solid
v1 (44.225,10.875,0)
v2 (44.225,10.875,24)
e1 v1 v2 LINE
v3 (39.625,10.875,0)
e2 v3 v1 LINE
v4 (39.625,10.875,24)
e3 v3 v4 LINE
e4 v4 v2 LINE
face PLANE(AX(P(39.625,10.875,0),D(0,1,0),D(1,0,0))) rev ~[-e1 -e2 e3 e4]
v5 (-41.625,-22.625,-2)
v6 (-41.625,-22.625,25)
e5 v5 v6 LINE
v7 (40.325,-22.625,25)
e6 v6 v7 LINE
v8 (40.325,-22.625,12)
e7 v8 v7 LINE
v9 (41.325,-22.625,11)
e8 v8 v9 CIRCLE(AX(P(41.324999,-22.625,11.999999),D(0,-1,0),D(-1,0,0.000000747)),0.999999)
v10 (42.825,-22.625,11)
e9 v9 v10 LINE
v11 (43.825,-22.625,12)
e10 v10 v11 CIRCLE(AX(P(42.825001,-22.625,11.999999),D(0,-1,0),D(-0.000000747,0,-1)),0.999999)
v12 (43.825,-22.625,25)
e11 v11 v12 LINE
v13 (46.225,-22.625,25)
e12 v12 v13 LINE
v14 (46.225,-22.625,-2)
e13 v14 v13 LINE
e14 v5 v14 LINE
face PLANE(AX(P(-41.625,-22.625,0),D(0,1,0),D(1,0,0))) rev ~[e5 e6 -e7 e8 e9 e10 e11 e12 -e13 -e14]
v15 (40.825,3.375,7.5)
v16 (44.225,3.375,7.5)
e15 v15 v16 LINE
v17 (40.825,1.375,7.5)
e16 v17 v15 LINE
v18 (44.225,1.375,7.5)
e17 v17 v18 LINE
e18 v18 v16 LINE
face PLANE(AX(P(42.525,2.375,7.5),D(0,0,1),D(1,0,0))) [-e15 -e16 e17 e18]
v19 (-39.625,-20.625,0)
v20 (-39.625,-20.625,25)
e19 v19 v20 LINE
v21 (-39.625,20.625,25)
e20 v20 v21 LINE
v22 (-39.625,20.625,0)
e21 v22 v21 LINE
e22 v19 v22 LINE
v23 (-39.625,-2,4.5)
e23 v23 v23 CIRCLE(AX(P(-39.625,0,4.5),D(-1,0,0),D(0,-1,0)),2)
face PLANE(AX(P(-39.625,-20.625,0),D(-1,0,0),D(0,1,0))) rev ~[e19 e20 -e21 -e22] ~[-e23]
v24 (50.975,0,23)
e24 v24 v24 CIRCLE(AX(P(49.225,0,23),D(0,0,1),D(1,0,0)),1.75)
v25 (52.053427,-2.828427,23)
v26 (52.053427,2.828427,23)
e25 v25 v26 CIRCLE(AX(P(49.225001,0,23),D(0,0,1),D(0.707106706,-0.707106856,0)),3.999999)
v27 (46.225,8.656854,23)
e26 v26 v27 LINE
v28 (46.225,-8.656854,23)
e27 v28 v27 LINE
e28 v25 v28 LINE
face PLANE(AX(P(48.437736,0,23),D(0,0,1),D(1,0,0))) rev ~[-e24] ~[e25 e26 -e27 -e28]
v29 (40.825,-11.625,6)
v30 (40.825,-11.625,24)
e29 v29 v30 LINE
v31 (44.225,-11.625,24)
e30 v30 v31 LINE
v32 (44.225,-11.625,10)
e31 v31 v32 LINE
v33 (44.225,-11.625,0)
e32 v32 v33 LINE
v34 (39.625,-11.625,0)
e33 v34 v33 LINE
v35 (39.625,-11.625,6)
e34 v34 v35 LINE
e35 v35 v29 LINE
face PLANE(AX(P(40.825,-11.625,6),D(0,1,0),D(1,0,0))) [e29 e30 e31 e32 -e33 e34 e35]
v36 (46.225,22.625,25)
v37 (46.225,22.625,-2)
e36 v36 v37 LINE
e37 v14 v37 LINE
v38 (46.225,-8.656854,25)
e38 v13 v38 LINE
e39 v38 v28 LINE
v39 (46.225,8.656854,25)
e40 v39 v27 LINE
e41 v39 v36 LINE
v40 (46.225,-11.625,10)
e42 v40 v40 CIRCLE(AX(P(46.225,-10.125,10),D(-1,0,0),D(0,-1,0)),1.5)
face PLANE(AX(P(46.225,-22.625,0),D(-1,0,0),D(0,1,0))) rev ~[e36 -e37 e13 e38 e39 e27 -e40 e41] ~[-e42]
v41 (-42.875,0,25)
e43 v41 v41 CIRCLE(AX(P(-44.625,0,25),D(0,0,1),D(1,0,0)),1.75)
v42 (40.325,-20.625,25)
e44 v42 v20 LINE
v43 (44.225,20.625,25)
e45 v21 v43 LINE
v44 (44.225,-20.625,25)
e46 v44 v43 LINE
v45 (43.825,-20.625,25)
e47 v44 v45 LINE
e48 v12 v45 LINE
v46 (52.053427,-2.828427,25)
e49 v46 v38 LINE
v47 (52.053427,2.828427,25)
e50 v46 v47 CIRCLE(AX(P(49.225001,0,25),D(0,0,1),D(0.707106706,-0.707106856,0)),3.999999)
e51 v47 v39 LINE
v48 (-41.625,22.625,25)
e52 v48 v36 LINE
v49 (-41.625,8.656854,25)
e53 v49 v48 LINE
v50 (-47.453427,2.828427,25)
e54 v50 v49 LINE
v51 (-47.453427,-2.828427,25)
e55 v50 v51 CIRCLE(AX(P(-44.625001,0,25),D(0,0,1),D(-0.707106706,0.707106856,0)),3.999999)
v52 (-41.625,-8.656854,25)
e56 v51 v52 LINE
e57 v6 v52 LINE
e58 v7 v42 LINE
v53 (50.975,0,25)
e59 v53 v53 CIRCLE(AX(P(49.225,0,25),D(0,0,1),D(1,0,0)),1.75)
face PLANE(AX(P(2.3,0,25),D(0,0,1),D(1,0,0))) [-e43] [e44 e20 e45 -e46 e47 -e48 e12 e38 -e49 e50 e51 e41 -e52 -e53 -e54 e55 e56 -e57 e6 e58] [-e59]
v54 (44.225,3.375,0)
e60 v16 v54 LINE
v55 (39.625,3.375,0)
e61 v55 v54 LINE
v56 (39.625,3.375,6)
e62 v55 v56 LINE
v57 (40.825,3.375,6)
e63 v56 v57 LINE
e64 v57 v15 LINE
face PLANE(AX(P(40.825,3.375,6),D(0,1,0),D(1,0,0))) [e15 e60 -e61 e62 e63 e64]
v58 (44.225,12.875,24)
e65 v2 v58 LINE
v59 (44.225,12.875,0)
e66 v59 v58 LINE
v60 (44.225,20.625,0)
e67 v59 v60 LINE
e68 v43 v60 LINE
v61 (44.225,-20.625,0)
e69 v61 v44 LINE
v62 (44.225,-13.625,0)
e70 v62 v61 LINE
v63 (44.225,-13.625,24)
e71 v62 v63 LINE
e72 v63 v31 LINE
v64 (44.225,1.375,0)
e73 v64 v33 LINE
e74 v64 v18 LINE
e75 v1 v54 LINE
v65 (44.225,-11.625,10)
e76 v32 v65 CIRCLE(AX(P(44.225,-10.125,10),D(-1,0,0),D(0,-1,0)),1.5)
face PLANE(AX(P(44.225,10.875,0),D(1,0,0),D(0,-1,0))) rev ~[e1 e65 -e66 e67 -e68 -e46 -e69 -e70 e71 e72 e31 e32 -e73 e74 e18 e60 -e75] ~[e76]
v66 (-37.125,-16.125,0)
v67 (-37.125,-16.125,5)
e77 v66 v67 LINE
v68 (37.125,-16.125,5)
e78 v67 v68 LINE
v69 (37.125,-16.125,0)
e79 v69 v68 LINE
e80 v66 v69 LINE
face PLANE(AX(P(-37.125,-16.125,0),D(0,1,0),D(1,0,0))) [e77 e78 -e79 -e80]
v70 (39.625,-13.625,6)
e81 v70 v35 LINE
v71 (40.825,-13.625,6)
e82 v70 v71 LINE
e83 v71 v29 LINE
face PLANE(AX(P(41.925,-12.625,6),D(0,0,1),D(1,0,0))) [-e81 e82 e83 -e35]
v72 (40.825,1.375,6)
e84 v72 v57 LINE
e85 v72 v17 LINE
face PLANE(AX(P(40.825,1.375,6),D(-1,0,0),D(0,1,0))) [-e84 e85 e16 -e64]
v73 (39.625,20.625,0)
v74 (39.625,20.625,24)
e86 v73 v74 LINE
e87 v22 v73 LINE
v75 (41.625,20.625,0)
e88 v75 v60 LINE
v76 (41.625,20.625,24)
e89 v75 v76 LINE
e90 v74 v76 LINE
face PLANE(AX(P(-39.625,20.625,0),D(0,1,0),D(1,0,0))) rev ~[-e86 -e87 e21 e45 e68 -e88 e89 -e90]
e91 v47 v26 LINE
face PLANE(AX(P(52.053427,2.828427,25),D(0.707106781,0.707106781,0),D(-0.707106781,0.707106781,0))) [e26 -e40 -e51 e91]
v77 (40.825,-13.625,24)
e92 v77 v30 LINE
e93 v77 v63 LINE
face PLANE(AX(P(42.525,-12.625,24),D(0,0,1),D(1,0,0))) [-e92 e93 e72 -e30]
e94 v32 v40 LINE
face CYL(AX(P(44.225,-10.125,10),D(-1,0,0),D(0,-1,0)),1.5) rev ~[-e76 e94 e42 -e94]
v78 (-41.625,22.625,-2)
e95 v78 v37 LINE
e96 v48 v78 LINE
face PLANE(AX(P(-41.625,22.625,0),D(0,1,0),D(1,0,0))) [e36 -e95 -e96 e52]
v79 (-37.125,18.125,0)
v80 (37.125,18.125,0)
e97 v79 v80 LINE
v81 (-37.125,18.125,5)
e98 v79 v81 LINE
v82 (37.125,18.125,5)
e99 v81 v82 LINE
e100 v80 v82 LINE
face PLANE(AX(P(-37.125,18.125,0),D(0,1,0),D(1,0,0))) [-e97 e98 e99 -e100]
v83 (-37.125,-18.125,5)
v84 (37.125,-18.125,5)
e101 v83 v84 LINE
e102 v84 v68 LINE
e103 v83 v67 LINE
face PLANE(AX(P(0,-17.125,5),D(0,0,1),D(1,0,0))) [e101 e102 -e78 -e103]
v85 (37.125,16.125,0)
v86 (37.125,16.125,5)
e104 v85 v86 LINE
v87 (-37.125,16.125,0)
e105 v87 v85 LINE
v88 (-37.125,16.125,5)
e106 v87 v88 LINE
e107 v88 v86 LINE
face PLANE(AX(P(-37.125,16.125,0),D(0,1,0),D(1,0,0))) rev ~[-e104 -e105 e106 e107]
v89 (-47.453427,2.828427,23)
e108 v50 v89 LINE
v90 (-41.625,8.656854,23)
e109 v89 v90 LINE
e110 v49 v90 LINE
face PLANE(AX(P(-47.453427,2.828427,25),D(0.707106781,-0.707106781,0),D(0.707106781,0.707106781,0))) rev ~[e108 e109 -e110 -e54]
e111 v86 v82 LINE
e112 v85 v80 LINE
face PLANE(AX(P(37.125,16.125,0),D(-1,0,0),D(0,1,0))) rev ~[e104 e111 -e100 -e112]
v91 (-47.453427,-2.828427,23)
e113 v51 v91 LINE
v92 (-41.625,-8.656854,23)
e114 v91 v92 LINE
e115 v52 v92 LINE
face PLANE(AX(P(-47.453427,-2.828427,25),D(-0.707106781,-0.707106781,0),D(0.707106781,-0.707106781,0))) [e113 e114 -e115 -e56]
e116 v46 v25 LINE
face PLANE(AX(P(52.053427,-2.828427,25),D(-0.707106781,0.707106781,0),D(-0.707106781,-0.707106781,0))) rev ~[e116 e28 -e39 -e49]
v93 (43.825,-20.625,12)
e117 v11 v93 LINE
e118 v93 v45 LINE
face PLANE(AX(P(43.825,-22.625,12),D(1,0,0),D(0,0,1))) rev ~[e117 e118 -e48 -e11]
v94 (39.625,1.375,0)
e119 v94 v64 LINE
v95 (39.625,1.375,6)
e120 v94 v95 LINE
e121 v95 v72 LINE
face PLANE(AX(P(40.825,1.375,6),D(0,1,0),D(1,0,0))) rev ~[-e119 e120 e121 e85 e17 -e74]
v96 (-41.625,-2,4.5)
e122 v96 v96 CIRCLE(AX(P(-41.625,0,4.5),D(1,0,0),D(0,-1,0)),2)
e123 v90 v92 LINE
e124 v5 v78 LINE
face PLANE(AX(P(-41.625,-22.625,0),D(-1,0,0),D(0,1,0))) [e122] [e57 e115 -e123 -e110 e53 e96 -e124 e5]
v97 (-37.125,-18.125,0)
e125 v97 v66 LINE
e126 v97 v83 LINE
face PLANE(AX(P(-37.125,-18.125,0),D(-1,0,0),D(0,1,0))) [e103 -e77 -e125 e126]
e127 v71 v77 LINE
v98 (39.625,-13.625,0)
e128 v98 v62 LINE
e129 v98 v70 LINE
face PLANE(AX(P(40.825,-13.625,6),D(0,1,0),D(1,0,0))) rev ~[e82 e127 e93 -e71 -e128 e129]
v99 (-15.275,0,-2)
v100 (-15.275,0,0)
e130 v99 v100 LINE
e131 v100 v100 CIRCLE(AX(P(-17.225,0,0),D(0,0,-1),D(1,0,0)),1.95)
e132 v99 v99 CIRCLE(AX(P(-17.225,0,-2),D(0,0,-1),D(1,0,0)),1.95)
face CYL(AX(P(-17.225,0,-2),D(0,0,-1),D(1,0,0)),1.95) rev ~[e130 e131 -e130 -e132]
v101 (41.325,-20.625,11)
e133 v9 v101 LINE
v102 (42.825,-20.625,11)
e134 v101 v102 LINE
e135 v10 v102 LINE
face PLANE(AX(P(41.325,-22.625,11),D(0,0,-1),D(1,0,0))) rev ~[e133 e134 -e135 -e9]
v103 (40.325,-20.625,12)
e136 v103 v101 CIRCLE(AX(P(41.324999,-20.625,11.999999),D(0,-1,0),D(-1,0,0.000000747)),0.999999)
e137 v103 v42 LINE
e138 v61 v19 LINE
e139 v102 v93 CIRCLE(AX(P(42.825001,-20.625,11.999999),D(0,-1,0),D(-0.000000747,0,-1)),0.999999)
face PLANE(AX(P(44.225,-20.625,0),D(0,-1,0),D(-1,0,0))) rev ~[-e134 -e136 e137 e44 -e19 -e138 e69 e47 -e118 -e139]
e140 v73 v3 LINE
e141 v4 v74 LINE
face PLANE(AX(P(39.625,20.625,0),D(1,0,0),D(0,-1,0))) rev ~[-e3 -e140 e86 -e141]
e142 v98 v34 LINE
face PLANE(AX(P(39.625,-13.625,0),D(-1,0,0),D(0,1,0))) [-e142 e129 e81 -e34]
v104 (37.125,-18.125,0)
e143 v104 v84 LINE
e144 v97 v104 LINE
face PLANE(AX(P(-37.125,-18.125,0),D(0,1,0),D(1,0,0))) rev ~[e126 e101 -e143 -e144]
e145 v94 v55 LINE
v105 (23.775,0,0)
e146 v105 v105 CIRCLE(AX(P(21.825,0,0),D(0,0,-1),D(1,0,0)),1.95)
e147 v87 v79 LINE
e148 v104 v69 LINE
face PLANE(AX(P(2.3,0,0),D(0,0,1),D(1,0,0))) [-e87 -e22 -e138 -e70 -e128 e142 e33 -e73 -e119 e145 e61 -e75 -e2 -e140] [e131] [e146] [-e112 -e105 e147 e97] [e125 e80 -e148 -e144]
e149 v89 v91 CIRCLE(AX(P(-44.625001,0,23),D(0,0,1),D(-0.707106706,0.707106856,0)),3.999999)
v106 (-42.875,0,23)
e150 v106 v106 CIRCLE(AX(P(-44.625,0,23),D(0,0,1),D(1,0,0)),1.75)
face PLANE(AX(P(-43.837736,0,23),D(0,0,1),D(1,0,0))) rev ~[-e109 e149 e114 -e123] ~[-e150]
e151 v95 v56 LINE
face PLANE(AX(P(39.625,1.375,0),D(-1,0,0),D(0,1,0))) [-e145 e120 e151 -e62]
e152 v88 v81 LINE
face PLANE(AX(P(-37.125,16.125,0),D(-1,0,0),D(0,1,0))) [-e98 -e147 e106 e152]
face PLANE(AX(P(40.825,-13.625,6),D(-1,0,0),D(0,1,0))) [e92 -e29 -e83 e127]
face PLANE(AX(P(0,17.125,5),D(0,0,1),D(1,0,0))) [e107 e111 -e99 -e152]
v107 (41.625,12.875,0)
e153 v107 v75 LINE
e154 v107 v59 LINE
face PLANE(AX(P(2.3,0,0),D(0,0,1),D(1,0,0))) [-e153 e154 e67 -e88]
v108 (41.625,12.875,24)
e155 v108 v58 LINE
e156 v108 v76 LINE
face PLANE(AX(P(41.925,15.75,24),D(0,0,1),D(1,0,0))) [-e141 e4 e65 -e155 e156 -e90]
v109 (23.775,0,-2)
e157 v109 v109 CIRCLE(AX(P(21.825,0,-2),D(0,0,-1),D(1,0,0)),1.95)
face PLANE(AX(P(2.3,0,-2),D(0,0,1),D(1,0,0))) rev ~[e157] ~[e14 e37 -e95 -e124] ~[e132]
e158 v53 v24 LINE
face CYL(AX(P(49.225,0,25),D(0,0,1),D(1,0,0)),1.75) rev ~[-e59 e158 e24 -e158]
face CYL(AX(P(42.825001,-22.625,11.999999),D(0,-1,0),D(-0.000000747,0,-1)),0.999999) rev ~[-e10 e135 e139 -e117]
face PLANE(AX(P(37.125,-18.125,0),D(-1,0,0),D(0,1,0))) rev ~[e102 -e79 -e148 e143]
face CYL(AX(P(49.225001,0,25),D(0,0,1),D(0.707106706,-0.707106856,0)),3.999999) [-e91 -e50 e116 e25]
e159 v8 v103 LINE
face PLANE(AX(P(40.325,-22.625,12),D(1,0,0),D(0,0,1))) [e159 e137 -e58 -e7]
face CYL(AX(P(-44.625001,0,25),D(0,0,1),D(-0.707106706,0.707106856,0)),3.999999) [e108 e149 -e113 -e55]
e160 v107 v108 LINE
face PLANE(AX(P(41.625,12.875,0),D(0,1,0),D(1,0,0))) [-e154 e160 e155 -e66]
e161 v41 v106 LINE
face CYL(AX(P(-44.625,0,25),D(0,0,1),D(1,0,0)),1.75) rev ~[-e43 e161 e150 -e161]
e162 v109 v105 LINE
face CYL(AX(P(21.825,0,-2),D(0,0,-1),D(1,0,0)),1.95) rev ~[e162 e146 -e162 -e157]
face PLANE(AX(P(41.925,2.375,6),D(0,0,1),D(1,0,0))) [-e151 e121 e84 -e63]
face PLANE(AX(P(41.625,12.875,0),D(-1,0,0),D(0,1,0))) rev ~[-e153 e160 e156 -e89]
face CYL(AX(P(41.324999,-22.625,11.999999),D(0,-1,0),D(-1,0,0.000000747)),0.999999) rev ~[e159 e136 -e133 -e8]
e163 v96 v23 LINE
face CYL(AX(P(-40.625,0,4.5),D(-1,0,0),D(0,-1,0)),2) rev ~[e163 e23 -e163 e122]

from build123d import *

# Parameters (mm, degrees)
SKETCH006_W          = 87.85
SKETCH006_H          = 45.25
PAD_DEPTH            = 2
SKETCH007_W          = 74.25
SKETCH007_H          = 2
PAD001_DEPTH         = 5
SKETCH008_W          = 87.85
SKETCH008_H          = 45.25
SKETCH008_W_2        = 2.6
SKETCH008_H_2        = 7.75
PAD002_DEPTH         = 25
SKETCH009_W          = 4.6
SKETCH009_H          = 2
PAD003_DEPTH         = 6
SKETCH010_W          = 3.4
SKETCH010_H          = 2
PAD004_DEPTH         = 18
SKETCH011_W          = 3.4
SKETCH011_H          = 2
PAD005_DEPTH         = 1.5
SKETCH013_W          = 4.6
SKETCH013_H          = 9.75
POCKET001_DEPTH      = 1
SKETCH016_R          = 2
POCKET003_DEPTH      = 2
POCKET003_DEPTH_BACK = 5
POCKET004_DEPTH      = 2
SKETCH044_R          = 1.75
PAD031_DEPTH         = 2
SKETCH070_R          = 1.95
POCKET_DEPTH         = 2
SKETCH086_R          = 1.5
POCKET019_DEPTH      = 2


with BuildPart() as part:
    # Sketch006 → Pad (new body)
    with BuildSketch(Plane.XY):
        with Locations((2.3, 0)):
            Rectangle(SKETCH006_W, SKETCH006_H)
    extrude(amount=PAD_DEPTH)

    # Sketch007 (on Face6 of Pad) → Pad001 (join)
    with BuildSketch(Plane.XY.offset(2)):
        with Locations((0, 17.125)):
            Rectangle(SKETCH007_W, SKETCH007_H)
        with Locations((0, -17.125)):
            Rectangle(SKETCH007_W, SKETCH007_H)
    extrude(amount=PAD001_DEPTH)

    # Sketch008 (on Face5 of Pad001) → Pad002 (join)
    with BuildSketch(Plane.XY.offset(2)):
        with Locations((2.3, 0)):
            Rectangle(SKETCH008_W, SKETCH008_H)
        Polygon((-39.625, 20.625), (39.625, 20.625), (39.625, 10.875), (44.225, 10.875), (44.225, -20.625), (-39.625, -20.625), align=None, mode=Mode.SUBTRACT)
        with Locations((42.925, 16.75)):
            Rectangle(SKETCH008_W_2, SKETCH008_H_2, mode=Mode.SUBTRACT)
    extrude(amount=PAD002_DEPTH)

    # Sketch009 (on Face6 of Pad) → Pad003 (join)
    with BuildSketch(Plane.XY.offset(2)):
        with Locations((41.925, 2.375)):
            Rectangle(SKETCH009_W, SKETCH009_H)
        with Locations((41.925, -12.625)):
            Rectangle(SKETCH009_W, SKETCH009_H)
    extrude(amount=PAD003_DEPTH)

    # Sketch010 (on Face26 of Pad003) → Pad004 (join)
    with BuildSketch(Plane.XY.offset(8)):
        with Locations((42.525, -12.625)):
            Rectangle(SKETCH010_W, SKETCH010_H)
    extrude(amount=PAD004_DEPTH)

    # Sketch011 (on Face23 of Pad003) → Pad005 (join)
    with BuildSketch(Plane.XY.offset(8)):
        with Locations((42.525, 2.375)):
            Rectangle(SKETCH011_W, SKETCH011_H)
    extrude(amount=PAD005_DEPTH)

    # Sketch013 (on Face9 of Pad002) → Pocket001 (cut)
    with BuildSketch(Plane.XY.offset(27)):
        with Locations((41.925, 15.75)):
            Rectangle(SKETCH013_W, SKETCH013_H)
    extrude(amount=-POCKET001_DEPTH, mode=Mode.SUBTRACT)

    # Sketch016 → Pocket003 (cut, two sides)
    with BuildSketch(Plane(origin=(-40.625, 0, 0), x_dir=(0, -1, 0), z_dir=(-1, 0, 0))) as pocket003_sk:
        with Locations((0, 6.5)):
            Circle(SKETCH016_R)
    extrude(amount=-POCKET003_DEPTH, mode=Mode.SUBTRACT)
    extrude(pocket003_sk.sketch, amount=POCKET003_DEPTH_BACK, mode=Mode.SUBTRACT)

    # Sketch017 (on Face5 of Pocket003) → Pocket004 (cut)
    with BuildSketch(Plane.XZ.offset(22.625)):
        with BuildLine():
            Line((40.325, 14), (40.325, 29))
            Line((40.325, 29), (43.825, 29))
            Line((43.825, 14), (43.825, 29))
            ThreePointArc((42.825, 13), (43.532107, 13.292893), (43.825, 14))
            Line((41.325, 13), (42.825, 13))
            ThreePointArc((40.325, 14), (40.617893, 13.292893), (41.325, 13))
        make_face()
    extrude(amount=-POCKET004_DEPTH, mode=Mode.SUBTRACT)

    # Sketch044 (on Face9 of Pad002) → Pad031 (join)
    with BuildSketch(Plane.XY.offset(27)):
        with BuildLine():
            ThreePointArc((-47.453427, 2.828427), (-48.625, 0), (-47.453427, -2.828427))
            Line((-47.453427, -2.828427), (-41.625, -8.656854))
            Line((-41.625, 8.656854), (-41.625, -8.656854))
            Line((-47.453427, 2.828427), (-41.625, 8.656854))
        make_face()
        with Locations((-44.625, 0)):
            Circle(SKETCH044_R, mode=Mode.SUBTRACT)
        with BuildLine():
            ThreePointArc((52.053427, -2.828427), (53.225, 0), (52.053427, 2.828427))
            Line((52.053427, 2.828427), (46.225, 8.656854))
            Line((46.225, -8.656854), (46.225, 8.656854))
            Line((52.053427, -2.828427), (46.225, -8.656854))
        make_face()
        with Locations((49.225, 0)):
            Circle(SKETCH044_R, mode=Mode.SUBTRACT)
    extrude(amount=-PAD031_DEPTH)

    # Sketch070 (on Face4 of Pad031) → Pocket (cut)
    with BuildSketch(Plane(origin=(0, 0, 0), x_dir=(1, 0, 0), z_dir=(0, 0, -1))):
        with Locations((-17.225, 0)):
            Circle(SKETCH070_R)
        with Locations((21.825, 0)):
            Circle(SKETCH070_R)
    extrude(amount=-POCKET_DEPTH, mode=Mode.SUBTRACT)

    # Sketch086 (on Face14 of Pad002) → Pocket019 (cut)
    with BuildSketch(Plane(origin=(44.225, 0, 0), x_dir=(0, -1, 0), z_dir=(-1, 0, 0))):
        with Locations((10.125, 12)):
            Circle(SKETCH086_R)
    extrude(amount=-POCKET019_DEPTH, mode=Mode.SUBTRACT)


with BuildPart() as part_1:
    # Body placement: moved
    add(part.part.moved(Location((0, 0, -2))))


solid = part_1.part
